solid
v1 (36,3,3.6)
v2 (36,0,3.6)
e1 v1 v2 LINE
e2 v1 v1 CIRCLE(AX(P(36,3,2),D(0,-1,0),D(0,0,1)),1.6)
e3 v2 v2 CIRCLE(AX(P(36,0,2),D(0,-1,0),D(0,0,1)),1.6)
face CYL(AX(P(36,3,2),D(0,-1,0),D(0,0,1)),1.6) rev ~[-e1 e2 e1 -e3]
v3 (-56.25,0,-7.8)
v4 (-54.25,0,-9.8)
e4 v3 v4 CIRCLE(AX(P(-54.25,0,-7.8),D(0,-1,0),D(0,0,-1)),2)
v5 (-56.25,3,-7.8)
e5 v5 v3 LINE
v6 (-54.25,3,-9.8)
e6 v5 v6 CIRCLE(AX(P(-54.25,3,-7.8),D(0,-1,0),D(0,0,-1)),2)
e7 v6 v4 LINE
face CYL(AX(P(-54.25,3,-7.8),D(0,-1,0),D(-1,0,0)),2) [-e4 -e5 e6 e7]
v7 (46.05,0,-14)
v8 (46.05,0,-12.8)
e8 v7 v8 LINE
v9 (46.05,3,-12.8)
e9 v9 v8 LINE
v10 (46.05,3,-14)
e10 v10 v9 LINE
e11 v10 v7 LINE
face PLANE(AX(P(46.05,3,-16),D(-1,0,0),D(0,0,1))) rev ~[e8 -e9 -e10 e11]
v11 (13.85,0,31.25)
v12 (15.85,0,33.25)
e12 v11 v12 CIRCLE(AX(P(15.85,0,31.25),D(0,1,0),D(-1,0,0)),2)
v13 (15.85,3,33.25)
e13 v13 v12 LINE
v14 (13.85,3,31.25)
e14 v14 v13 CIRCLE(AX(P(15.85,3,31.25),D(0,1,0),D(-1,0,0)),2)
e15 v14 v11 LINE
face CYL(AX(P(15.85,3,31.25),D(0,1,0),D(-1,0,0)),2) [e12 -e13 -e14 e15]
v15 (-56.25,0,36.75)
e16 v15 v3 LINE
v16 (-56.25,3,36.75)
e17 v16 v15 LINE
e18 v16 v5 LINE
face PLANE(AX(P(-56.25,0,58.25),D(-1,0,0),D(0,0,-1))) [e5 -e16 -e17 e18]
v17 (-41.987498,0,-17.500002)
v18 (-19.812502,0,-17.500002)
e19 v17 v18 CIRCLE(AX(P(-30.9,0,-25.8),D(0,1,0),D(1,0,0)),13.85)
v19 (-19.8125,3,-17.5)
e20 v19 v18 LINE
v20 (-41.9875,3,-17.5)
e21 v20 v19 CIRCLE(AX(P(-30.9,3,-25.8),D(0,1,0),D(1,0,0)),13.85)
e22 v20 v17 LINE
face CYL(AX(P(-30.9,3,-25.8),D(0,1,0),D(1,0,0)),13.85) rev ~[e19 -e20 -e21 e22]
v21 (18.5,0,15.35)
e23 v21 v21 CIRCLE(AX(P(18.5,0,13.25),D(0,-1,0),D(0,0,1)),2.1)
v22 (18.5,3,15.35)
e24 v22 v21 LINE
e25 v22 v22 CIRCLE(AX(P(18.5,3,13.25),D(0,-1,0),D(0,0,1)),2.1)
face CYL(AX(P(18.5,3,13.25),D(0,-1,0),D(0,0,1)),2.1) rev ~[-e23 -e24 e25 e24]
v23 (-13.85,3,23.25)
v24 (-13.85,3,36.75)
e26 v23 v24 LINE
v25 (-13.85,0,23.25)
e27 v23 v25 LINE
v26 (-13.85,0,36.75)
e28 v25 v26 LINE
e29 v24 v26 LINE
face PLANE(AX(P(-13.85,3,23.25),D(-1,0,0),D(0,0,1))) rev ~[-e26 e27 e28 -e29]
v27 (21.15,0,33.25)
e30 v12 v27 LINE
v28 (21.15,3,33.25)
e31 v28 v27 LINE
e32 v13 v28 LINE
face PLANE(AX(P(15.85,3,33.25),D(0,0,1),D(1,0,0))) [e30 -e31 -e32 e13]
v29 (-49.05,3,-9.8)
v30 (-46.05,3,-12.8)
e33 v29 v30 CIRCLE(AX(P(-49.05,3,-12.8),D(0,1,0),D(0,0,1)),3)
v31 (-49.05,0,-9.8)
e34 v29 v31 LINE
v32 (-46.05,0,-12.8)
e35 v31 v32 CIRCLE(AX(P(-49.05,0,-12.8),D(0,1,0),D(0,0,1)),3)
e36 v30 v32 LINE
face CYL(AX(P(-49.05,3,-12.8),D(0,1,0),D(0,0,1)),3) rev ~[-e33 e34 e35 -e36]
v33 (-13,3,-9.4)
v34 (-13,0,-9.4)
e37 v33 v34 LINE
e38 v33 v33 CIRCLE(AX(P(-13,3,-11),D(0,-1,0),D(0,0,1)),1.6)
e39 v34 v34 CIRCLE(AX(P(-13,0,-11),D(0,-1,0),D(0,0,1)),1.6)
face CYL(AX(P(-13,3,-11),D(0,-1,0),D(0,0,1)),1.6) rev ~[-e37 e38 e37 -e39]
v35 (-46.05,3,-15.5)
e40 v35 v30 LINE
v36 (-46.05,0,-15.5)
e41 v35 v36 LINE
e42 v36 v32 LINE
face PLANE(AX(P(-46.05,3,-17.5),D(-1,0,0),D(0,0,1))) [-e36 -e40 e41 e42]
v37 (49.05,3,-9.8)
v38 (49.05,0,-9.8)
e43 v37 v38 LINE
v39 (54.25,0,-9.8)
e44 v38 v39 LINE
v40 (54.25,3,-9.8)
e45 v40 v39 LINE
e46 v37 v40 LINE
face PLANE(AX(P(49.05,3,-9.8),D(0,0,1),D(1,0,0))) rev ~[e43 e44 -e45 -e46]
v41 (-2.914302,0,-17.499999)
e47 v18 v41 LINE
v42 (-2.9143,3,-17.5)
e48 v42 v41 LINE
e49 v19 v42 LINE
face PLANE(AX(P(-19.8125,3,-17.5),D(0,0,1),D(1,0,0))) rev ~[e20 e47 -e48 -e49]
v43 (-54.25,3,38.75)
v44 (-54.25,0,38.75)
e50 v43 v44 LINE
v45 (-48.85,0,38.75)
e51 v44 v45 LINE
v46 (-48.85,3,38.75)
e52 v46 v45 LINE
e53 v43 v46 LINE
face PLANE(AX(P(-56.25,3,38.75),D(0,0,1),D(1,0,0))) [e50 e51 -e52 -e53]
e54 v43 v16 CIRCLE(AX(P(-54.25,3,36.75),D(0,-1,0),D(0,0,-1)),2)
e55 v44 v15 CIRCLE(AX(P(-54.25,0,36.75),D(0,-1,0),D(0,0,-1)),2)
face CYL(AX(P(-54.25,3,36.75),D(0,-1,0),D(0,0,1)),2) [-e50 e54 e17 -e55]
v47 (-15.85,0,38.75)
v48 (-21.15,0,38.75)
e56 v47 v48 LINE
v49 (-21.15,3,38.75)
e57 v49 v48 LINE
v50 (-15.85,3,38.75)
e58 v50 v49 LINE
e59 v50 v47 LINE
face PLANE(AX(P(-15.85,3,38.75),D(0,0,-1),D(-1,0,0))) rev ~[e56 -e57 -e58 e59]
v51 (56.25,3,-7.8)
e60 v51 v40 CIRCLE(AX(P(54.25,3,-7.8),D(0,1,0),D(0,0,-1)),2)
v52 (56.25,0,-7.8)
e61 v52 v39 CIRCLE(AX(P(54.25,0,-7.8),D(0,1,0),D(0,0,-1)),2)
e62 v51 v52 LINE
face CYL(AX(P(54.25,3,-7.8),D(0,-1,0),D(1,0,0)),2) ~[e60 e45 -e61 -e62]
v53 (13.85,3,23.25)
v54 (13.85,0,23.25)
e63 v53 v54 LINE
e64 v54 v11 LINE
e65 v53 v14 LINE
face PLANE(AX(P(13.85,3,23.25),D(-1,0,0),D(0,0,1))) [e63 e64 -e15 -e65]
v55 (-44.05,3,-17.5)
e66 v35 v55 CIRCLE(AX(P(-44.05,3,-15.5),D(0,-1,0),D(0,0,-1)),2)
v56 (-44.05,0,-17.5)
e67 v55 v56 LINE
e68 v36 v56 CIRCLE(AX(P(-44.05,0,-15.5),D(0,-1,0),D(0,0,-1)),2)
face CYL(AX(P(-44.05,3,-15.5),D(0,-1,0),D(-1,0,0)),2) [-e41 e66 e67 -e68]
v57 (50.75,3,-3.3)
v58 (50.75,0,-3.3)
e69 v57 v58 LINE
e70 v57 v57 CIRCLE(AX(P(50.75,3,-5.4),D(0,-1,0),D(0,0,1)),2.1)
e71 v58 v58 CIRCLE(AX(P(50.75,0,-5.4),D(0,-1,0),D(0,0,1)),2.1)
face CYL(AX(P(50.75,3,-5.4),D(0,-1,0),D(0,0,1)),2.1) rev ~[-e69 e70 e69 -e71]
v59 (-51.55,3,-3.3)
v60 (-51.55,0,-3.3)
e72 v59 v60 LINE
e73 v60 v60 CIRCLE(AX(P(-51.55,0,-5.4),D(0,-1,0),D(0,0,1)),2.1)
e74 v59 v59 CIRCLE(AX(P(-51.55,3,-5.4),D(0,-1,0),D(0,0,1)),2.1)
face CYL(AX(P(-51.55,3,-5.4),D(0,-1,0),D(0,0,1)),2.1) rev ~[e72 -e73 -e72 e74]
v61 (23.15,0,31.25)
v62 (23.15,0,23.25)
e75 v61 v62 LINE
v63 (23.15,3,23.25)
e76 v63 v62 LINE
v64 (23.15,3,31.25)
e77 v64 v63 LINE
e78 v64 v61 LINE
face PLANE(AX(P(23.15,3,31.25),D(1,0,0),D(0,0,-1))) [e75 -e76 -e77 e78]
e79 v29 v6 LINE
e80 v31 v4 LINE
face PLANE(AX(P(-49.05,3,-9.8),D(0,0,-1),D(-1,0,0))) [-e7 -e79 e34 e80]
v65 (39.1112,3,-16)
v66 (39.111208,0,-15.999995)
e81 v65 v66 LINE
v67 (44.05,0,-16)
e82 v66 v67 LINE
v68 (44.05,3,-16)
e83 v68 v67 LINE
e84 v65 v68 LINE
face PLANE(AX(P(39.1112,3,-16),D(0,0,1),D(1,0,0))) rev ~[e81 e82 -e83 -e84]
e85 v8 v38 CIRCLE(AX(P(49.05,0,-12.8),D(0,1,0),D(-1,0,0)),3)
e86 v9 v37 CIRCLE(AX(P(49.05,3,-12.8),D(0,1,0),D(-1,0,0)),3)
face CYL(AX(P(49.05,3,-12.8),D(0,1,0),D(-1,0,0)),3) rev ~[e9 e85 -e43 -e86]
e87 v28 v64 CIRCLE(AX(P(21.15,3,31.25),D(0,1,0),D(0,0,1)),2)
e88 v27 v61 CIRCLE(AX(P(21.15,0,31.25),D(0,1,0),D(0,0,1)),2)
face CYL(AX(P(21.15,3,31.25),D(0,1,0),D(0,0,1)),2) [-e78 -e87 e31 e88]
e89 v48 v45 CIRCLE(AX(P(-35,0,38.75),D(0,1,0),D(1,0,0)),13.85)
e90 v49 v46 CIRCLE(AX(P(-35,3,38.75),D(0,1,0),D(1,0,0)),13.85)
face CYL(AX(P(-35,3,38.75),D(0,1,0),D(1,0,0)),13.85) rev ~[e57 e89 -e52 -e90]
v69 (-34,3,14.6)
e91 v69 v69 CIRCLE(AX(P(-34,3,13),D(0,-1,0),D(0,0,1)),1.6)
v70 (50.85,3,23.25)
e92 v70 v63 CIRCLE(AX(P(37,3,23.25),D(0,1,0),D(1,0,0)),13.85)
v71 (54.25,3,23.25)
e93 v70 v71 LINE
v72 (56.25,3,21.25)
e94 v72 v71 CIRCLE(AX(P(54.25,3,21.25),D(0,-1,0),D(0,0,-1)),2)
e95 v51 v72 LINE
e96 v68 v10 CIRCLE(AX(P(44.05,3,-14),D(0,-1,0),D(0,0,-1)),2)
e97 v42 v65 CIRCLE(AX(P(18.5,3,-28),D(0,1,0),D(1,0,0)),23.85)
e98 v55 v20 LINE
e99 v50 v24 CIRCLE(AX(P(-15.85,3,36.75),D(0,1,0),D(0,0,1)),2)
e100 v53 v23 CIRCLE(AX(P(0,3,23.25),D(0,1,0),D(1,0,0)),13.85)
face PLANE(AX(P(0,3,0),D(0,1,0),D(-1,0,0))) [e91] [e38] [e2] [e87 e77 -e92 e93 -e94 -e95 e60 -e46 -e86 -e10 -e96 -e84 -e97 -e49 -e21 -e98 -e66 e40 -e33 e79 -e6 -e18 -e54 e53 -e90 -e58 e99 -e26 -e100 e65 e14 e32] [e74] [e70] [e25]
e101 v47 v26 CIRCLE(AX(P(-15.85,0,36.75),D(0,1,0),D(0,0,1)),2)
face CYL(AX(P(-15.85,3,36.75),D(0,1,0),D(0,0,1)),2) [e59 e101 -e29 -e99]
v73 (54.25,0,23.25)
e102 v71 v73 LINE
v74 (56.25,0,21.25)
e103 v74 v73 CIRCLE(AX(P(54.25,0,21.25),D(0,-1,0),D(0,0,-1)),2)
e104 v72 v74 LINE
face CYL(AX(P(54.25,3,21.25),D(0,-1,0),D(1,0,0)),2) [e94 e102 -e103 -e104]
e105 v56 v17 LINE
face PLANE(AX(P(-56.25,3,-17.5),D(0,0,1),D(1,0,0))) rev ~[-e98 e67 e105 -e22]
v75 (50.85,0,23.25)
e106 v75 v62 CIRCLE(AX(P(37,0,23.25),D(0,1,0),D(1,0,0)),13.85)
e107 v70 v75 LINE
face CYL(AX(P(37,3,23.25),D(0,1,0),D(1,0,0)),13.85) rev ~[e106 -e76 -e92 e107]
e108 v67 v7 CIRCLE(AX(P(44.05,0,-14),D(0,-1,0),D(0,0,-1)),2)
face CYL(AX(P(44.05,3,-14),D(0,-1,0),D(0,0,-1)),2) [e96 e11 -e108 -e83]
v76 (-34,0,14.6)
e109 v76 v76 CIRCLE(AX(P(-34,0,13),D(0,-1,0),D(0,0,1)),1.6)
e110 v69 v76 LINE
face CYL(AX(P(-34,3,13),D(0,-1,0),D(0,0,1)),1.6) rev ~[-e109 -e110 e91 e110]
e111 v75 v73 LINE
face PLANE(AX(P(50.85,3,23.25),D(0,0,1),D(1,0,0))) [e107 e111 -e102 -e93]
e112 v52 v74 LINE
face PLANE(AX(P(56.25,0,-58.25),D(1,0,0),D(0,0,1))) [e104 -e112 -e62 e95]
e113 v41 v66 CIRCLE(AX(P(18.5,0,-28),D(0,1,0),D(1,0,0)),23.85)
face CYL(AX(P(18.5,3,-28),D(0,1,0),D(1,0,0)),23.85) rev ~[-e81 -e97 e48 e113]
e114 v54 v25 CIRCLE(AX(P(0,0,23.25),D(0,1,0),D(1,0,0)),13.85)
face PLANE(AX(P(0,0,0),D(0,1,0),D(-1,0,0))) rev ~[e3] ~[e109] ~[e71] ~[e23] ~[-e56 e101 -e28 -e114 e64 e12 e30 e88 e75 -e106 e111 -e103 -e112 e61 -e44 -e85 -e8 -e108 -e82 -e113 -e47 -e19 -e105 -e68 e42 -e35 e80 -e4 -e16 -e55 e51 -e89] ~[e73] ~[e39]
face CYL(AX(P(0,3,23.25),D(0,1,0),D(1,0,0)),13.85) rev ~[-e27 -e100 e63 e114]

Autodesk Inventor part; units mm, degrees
ref_plane "YZ Plane" through (0, 0, 0) normal (1, 0, 0) x (0, 1, 0)
ref_plane "XZ Plane" through (0, 0, 0) normal (0, 1, 0) x (-1, 0, 0)
ref_plane "XY Plane" through (0, 0, 0) normal (0, 0, 1) x (1, 0, 0)
sketch "Sketch1" plane through (0, 0, 0) normal (0, 1, 0) x (-1, 0, 0)
  line L0 (-56.25, 58.25) -> (56.25, 58.25)
  line L1 (56.25, 58.25) -> (56.25, -58.25)
  line L2 (56.25, -58.25) -> (-56.25, -58.25)
  line L3 (-56.25, -58.25) -> (-56.25, 58.25)
  line L4 (-56.25, 58.25) -> (56.25, -58.25) construction
  line L5 (56.25, 58.25) -> (-56.25, -58.25) construction
  point P0 (0, 0)
  dimension "d0" = 112.5
  dimension "d1" = 116.5
extrude "Extrusion1" add sketch "Sketch1" along normal blind 3
sketch "Sketch2" plane through (0, 3, 0) normal (0, 1, 0) x (1, 0, 0)
  circle A0 centre (18.5, 28) radius 23.85
  circle A1 centre (37, -23.25) radius 13.85
  circle A2 centre (-35, -38.75) radius 13.85
  circle A3 centre (-30.9, 25.8) radius 13.85
  circle A4 centre (0, -23.25) radius 13.85
  line L0 (56.25, 58.25) -> (-56.25, 58.25) projected
  line L1 (-56.25, -58.25) -> (56.25, -58.25) projected
  line L2 (0, -105.9299) -> (0, 123.2086) construction
  line L3 (-76.4777, -38.75) -> (-5.35, -38.75) construction
  line L4 (-123.5447, -23.25) -> (82.5572, -23.25) construction
  line L5 (56.25, -58.25) -> (56.25, 58.25) construction
  point P0 (0, 0)
  dimension "d4" = 47.7
  dimension "d5" = 27.7
  dimension "d6" = 27.7
  dimension "d7" = 27.7
  dimension "d8" = 27.7
  dimension "d9" = 116.5
  dimension "d10" = 112.5
  dimension "d13" = 37
  dimension "d14" = 18.5
  dimension "d15" = 30.9
  dimension "d18" = 19.5
  dimension "d19" = 35
  dimension "d20" = 35
  dimension "d57" = 25.8
  dimension "d58" = 28
  dimension "d59" = 23.25
extrude "Extrusion2" cut sketch "Sketch2" against normal blind 5
sketch "Sketch3" plane through (0, 3, 0) normal (0, 1, 0) x (1, 0, 0)
  line L0 (-56.25, 58.25) -> (-56.25, -58.25)
  line L1 (56.25, -58.25) -> (56.25, 58.25)
  line L2 (18.5, -17.4904) -> (18.5, -40.0394) construction
  line L3 (-51.55, 5.4) -> (-51.55, 71.9941) construction
  line L4 (50.75, 5.4) -> (50.75, 69.4565) construction
  line L5 (-73.722, 50) -> (66.5467, 50) construction
  line L6 (66.5467, 30) -> (-76.0779, 30) construction
  circle A0 centre (18.5, 28) radius 23.85 projected
  circle A1 centre (37, -23.25) radius 13.85 projected
  circle A2 centre (-30.9, 25.8) radius 13.85 projected
  circle A3 centre (0, -23.25) radius 13.85 projected
  circle A4 centre (-35, -38.75) radius 13.85 projected
  line L7 (56.25, 58.25) -> (-56.25, 58.25) projected
  line L8 (-56.25, 58.25) -> (-56.25, -58.25) projected
  line L9 (-56.25, -58.25) -> (56.25, -58.25) projected
  line L10 (56.25, -58.25) -> (56.25, 58.25) projected
  circle A5 centre (-30.9, 25.8) radius 13.85
  circle A6 centre (18.5, 28) radius 23.85
  circle A7 centre (0, -23.25) radius 13.85
  circle A8 centre (37, -23.25) radius 13.85
  circle A9 centre (-35, -38.75) radius 13.85
  line L11 (-56.25, 58.25) -> (-56.25, -58.25) projected
  line L12 (-56.25, 58.25) -> (-56.25, -58.25)
  line L13 (56.25, -58.25) -> (56.25, 58.25) projected
  line L14 (56.25, 58.25) -> (56.25, -58.25)
  line L15 (-56.25, 17.5) -> (-41.9875, 17.5)
  line L16 (-19.8125, 17.5) -> (-2.9143, 17.5)
  line L17 (39.1112, 16) -> (56.25, 16)
  line L18 (-56.25, -38.75) -> (-48.85, -38.75)
  circle A10 centre (-35, -38.75) radius 13.85 projected
  circle A11 centre (37, -23.25) radius 13.85 projected
  line L19 (50.85, -23.25) -> (56.25, -23.25)
  circle A12 centre (0, -23.25) radius 13.85 projected
  line L20 (-13.85, -23.25) -> (-13.85, -36.75)
  line L21 (-15.85, -38.75) -> (-21.15, -38.75)
  line L22 (13.85, -23.25) -> (13.85, -31.25)
  line L23 (15.85, -33.25) -> (21.15, -33.25)
  line L24 (23.15, -31.25) -> (23.15, -23.25)
  arc A13 (13.85, -31.25) -> (15.85, -33.25) centre (15.85, -31.25) ccw
  arc A14 (21.15, -33.25) -> (23.15, -31.25) centre (21.15, -31.25) ccw
  arc A15 (-15.85, -38.75) -> (-13.85, -36.75) centre (-15.85, -36.75) ccw
  point P0 (0, 0)
  point P1 (0, 0)
  point P2 (18.5, -13.25)
  point P3 (18.5, -23.25)
  point P4 (-51.55, 50)
  point P5 (-51.55, 30)
  point P6 (50.75, 50)
  point P7 (50.75, 30)
  point P8 (-13.85, -38.75)
  point P9 (13.85, -33.25)
  point P10 (-2.9143, 17.5)
  point P11 (-56.25, -38.75)
  dimension "d21" = 4.7
  dimension "d22" = 5.5
  dimension "d23" = 13.25
  dimension "d24" = 30
  dimension "d25" = 50
  dimension "d26" = 5.4
  dimension "d27" = 5.4
  dimension "d29" = 18.5
  dimension "d31" = 10
  dimension "d32" = 2
  dimension "d55" = 27.7
  dimension "d56" = 47.7
  dimension "d60" = 2
  dimension "d61" = 27.7
  dimension "d62" = 23.25
  dimension "d63" = 37
  dimension "d64" = 17.5
  dimension "d65" = 17.5
  dimension "d66" = 16
hole "Hole1" at (-51.55, 3, -5.4) at (50.75, 3, -5.4) at (18.5, 3, 13.25) at (-51.55, 3, -50) at (-51.55, 3, -30) at (50.75, 3, -50) at (50.75, 3, -30) direction (0, -1, 0) diameter 4.2 end through all
extrude "Extrusion3" cut sketch "Sketch3" against normal blind 10 contours L7 L1 L17 A0 L16 A2 L15 L0 | L18 A4 L21 A15 L20 A3 L22 A13 L23 A14 L24 A1 L19 L1 L9 L0 | A3
sketch "Sketch4" plane through (0, 3, 0) normal (0, 1, 0) x (1, 0, 0)
  line L0 (-50.25, 75.9498) -> (-50.25, -88.0061) construction
  line L1 (-63.9145, -52.25) -> (79.4097, -52.25) construction
  line L2 (50.25, 66.2924) -> (50.25, -77.9097) construction
  line L3 (-56.25, 58.25) -> (-56.25, -58.25) construction
  line L4 (-56.25, -58.25) -> (56.25, -58.25) construction
  line L5 (56.25, -58.25) -> (56.25, 58.25) construction
  line L6 (-71.816, 40) -> (84.2384, 40) construction
  line L7 (-70.7185, 14) -> (79.4097, 14) construction
  line L8 (-56.25, 17.5) -> (-56.25, -38.75) projected
  line L9 (-56.25, 17.5) -> (-46.05, 17.5)
  line L10 (-46.05, 17.5) -> (-46.05, 12.8)
  line L11 (-49.05, 9.8) -> (-56.25, 9.8)
  line L12 (-56.25, 9.8) -> (-56.25, 17.5)
  line L13 (56.25, -23.25) -> (56.25, 16) projected
  line L14 (56.25, 16) -> (46.05, 16)
  line L15 (46.05, 16) -> (46.05, 12.8)
  line L16 (49.05, 9.8) -> (56.25, 9.8)
  line L17 (56.25, 9.8) -> (56.25, 16)
  line L18 (56.25, -23.25) -> (56.25, 16) projected
  line L19 (-56.25, 17.5) -> (-56.25, -38.75) projected
  arc A0 (-49.05, 9.8) -> (-46.05, 12.8) centre (-49.05, 12.8) ccw
  arc A1 (46.05, 12.8) -> (49.05, 9.8) centre (49.05, 12.8) ccw
  point P0 (0, 0)
  point P1 (0, 0)
  point P2 (-50.25, 40)
  point P3 (-50.25, 14)
  point P4 (-50.25, -52.25)
  point P5 (50.25, -52.25)
  point P6 (0, -52.25)
  point P7 (50.25, 14)
  point P8 (50.25, 40)
  dimension "d42" = 6
  dimension "d43" = 6
  dimension "d44" = 6
  dimension "d45" = 14
  dimension "d46" = 40
  dimension "d47" = 4.2
  dimension "d48" = 14
  dimension "d49" = 4.2
  dimension "d50" = 4.2
  dimension "d52" = 3
extrude "Extrusion4" cut sketch "Sketch4" against normal blind 10
fillet "Fillet1" radius 2 4 edges at (-56.25, 1.5, 38.75) (56.25, 1.5, 23.25) (56.25, 1.5, -9.8) (-56.25, 1.5, -9.8)
sketch "Sketch5" plane through (0, 3, 0) normal (0, 1, 0) x (1, 0, 0)
  point P0 (0, 0)
  point P1 (0, 0)
  point P2 (-34, -13)
  point P3 (-13, 11)
  point P4 (36, -2)
  dimension "d68" = 13
  dimension "d69" = 34
  dimension "d70" = 36
  dimension "d71" = 2
  dimension "d72" = 11
  dimension "d73" = 13
hole "Hole2" at (-34, 3, 13) at (-13, 3, -11) at (36, 3, 2) direction (0, -1, 0) diameter 3.2 end through all
fillet "Fillet2" radius 2 2 edges at (-46.05, 1.5, -17.5) (46.05, 1.5, -16)
properties part number "Bottle clamping plate 2"
